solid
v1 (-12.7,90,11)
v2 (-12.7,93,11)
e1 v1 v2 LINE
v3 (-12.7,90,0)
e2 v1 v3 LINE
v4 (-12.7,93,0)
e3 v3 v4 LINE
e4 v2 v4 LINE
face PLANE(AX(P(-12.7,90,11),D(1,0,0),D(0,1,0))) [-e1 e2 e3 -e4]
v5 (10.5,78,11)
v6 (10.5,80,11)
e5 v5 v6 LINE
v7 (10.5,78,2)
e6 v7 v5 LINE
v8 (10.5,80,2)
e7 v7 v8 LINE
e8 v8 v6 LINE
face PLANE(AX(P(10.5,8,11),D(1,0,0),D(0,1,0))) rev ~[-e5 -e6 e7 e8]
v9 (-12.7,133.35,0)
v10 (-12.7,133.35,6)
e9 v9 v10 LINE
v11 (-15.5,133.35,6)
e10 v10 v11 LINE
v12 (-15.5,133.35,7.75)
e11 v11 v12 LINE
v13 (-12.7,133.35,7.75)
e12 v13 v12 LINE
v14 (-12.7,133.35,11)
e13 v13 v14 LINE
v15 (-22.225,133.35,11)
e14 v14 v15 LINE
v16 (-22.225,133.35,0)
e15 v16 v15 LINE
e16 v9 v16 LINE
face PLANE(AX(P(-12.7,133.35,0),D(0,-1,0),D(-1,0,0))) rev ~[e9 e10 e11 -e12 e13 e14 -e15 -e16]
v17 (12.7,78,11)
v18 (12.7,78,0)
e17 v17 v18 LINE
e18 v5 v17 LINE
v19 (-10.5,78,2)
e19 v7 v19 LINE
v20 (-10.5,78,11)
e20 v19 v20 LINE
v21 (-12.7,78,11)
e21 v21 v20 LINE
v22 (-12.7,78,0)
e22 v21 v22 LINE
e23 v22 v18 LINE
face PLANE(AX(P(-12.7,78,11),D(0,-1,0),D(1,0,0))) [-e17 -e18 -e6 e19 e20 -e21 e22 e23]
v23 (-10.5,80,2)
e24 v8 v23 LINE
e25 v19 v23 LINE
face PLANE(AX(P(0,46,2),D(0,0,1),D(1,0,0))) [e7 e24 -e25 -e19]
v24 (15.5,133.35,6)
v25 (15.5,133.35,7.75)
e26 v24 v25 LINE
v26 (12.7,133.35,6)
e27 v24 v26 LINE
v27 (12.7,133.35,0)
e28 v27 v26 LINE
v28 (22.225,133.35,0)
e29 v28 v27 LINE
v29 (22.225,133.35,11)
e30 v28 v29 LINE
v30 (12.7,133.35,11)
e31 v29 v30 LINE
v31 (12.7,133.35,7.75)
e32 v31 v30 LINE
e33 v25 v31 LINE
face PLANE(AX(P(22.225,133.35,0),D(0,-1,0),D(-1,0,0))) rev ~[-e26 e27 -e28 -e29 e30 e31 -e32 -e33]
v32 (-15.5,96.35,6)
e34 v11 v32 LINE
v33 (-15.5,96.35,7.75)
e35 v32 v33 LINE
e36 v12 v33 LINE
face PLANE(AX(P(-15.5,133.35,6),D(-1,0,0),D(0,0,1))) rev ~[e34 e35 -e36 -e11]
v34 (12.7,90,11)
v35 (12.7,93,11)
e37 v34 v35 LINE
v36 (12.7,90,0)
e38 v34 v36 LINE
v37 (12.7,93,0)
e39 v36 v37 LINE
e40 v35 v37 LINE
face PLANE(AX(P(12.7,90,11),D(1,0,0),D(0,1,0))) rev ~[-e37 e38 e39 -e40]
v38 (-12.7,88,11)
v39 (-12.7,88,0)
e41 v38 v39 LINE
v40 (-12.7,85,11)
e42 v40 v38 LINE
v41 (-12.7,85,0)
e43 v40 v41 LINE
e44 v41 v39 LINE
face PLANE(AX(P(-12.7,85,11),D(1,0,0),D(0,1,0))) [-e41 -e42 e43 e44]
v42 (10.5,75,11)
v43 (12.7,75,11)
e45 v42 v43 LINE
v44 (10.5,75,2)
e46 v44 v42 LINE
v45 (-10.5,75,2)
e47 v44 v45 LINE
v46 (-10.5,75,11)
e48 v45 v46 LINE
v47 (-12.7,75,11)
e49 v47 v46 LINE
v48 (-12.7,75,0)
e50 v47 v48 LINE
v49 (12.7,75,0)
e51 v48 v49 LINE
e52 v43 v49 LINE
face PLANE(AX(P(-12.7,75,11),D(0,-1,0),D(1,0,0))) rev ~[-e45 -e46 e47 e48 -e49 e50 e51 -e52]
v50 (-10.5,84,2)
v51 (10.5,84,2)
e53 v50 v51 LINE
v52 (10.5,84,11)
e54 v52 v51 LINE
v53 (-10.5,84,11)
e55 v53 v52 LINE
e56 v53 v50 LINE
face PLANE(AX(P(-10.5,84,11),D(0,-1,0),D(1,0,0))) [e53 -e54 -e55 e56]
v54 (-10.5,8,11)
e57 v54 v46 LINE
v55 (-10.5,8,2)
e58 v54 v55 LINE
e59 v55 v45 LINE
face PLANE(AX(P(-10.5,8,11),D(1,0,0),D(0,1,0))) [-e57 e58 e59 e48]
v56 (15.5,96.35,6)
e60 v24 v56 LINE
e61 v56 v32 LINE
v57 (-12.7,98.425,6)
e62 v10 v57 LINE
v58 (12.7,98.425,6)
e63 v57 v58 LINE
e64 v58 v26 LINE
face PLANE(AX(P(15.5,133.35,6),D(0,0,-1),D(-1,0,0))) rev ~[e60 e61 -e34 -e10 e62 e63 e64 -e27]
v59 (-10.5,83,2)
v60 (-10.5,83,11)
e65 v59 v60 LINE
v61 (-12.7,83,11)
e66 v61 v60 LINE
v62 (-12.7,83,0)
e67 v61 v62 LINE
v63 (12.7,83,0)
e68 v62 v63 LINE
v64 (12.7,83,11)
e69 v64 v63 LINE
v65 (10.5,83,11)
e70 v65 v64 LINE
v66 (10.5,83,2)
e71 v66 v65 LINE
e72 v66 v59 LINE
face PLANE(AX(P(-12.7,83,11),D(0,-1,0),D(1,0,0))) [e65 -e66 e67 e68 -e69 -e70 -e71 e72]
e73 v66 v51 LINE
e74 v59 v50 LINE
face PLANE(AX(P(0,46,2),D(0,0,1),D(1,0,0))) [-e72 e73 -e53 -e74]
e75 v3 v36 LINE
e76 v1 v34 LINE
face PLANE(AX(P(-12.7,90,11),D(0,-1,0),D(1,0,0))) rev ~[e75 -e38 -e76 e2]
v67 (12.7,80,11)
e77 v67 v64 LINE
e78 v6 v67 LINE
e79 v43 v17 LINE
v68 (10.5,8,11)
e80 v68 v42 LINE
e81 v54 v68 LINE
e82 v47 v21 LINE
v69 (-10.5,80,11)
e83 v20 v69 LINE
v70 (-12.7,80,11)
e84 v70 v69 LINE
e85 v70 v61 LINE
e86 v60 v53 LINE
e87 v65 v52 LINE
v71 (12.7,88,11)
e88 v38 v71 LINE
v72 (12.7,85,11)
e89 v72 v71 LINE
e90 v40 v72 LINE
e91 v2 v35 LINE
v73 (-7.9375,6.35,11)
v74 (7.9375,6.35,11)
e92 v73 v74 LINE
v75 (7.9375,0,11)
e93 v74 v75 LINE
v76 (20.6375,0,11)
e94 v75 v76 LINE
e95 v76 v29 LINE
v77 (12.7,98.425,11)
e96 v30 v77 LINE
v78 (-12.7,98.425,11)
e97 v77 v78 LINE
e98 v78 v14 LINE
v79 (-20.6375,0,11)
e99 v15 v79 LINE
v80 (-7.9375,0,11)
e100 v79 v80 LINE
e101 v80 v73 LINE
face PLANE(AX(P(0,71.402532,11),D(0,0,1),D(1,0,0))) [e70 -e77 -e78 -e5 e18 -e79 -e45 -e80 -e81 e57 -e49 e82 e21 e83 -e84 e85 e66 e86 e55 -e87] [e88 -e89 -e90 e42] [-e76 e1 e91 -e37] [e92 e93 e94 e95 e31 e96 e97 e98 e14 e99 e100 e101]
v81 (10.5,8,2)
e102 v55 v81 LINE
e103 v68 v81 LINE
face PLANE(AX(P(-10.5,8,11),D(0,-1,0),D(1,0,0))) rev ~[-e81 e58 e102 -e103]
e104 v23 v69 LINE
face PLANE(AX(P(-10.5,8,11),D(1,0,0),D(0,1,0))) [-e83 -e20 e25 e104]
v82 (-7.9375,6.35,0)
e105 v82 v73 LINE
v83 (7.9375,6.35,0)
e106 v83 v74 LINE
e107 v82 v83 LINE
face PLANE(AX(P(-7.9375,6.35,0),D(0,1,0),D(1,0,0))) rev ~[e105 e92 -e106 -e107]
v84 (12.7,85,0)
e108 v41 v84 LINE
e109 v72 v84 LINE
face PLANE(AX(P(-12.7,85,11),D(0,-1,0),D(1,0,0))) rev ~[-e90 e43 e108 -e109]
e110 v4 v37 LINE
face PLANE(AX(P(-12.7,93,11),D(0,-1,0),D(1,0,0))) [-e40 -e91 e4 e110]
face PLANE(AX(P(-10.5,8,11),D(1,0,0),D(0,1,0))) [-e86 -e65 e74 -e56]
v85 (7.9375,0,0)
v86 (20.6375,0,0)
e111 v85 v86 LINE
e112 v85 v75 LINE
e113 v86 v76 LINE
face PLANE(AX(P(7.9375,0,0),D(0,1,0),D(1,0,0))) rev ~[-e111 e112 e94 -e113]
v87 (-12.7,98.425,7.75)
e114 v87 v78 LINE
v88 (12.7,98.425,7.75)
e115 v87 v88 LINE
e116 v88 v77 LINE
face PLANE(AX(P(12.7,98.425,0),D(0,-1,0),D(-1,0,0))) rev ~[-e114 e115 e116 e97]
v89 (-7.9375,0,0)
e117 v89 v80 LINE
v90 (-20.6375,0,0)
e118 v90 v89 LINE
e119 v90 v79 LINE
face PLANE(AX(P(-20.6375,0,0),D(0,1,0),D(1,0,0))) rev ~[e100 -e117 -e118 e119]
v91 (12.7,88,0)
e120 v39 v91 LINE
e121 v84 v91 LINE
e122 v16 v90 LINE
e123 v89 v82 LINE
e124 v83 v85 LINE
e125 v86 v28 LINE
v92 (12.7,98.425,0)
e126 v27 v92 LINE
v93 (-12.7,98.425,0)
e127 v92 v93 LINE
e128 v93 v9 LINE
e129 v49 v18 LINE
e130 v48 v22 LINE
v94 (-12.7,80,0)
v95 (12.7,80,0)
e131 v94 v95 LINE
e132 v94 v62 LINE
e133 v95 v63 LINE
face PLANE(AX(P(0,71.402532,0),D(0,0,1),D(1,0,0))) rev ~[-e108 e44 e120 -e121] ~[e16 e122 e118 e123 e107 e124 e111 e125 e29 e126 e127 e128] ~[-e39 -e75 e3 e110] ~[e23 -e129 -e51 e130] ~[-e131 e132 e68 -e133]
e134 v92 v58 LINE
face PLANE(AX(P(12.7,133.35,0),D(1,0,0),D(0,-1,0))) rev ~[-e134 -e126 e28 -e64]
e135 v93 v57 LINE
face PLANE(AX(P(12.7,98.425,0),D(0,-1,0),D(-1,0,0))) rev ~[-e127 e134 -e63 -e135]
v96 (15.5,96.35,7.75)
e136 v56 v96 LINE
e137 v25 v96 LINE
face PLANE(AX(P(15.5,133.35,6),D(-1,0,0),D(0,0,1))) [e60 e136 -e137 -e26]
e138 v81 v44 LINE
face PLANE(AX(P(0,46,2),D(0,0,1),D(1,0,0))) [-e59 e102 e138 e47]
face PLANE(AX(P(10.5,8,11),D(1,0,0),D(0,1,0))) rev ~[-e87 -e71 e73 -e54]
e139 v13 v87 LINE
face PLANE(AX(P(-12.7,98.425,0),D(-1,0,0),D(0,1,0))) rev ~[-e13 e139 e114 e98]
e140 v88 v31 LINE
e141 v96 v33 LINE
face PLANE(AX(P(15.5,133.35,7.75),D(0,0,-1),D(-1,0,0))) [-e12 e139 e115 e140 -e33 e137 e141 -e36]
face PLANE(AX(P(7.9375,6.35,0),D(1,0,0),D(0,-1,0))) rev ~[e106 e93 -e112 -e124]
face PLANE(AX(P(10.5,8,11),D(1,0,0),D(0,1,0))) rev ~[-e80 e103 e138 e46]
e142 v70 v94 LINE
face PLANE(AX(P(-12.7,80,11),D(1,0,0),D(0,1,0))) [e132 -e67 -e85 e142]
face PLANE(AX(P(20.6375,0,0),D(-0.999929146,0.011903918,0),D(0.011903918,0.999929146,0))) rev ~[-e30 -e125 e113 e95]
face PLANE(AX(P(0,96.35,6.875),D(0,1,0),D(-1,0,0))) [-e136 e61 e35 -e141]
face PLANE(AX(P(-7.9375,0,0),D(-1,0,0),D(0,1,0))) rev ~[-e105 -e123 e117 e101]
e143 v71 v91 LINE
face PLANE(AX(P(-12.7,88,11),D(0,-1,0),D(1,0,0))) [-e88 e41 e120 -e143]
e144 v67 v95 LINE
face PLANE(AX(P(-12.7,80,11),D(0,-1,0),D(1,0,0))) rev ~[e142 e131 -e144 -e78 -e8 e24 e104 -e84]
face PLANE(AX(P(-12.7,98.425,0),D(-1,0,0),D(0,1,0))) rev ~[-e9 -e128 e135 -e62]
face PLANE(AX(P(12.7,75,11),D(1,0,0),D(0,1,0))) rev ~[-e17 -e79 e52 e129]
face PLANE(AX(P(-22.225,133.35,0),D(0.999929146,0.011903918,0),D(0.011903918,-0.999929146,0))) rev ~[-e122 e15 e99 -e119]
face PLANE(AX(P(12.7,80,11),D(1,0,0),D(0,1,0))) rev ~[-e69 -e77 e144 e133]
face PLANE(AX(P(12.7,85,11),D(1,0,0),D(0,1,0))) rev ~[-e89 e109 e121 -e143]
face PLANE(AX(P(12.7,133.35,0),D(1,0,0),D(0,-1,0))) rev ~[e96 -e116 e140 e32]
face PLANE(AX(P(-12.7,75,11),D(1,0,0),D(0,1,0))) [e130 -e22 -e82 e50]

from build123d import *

# Parameters (mm, degrees)
PAD_DEPTH       = 11
SKETCH001_W     = 25.4
SKETCH001_H     = 3
POCKET_DEPTH    = 11.001
SKETCH003_W     = 31
SKETCH003_H     = 1.75
POCKET001_DEPTH = 37
SKETCH004_W     = 21
SKETCH004_H     = 76
POCKET002_DEPTH = 9


with BuildPart() as part:
    # Sketch → Pad (new body)
    with BuildSketch(Plane.XY):
        Polygon((-22.225, 133.35), (-20.6375, 0), (-7.9375, 0), (-7.9375, 6.35), (7.9375, 6.35), (7.9375, 0), (20.6375, 0), (22.225, 133.35), (12.7, 133.35), (12.7, 98.425), (-12.7, 98.425), (-12.7, 133.35), align=None)
    extrude(amount=PAD_DEPTH)

    # Sketch001 → Pocket (cut, through all)
    with BuildSketch(Plane.XY.offset(11)):
        with Locations((0, 91.5)):
            Rectangle(SKETCH001_W, SKETCH001_H)
        with Locations((0, 86.5)):
            Rectangle(SKETCH001_W, SKETCH001_H)
        with Locations((0, 81.5)):
            Rectangle(SKETCH001_W, SKETCH001_H)
        with Locations((0, 76.5)):
            Rectangle(SKETCH001_W, SKETCH001_H)
    extrude(amount=-POCKET_DEPTH, mode=Mode.SUBTRACT)

    # Sketch003 → Pocket001 (cut)
    with BuildSketch(Plane(origin=(0, 133.35, 0), x_dir=(-1, 0, 0), z_dir=(0, 1, 0))):
        with Locations((0, 6.875)):
            Rectangle(SKETCH003_W, SKETCH003_H)
    extrude(amount=-POCKET001_DEPTH, mode=Mode.SUBTRACT)

    # Sketch004 → Pocket002 (cut)
    with BuildSketch(Plane.XY.offset(11)):
        with Locations((0, 46)):
            Rectangle(SKETCH004_W, SKETCH004_H)
    extrude(amount=-POCKET002_DEPTH, mode=Mode.SUBTRACT)


solid = part.part
